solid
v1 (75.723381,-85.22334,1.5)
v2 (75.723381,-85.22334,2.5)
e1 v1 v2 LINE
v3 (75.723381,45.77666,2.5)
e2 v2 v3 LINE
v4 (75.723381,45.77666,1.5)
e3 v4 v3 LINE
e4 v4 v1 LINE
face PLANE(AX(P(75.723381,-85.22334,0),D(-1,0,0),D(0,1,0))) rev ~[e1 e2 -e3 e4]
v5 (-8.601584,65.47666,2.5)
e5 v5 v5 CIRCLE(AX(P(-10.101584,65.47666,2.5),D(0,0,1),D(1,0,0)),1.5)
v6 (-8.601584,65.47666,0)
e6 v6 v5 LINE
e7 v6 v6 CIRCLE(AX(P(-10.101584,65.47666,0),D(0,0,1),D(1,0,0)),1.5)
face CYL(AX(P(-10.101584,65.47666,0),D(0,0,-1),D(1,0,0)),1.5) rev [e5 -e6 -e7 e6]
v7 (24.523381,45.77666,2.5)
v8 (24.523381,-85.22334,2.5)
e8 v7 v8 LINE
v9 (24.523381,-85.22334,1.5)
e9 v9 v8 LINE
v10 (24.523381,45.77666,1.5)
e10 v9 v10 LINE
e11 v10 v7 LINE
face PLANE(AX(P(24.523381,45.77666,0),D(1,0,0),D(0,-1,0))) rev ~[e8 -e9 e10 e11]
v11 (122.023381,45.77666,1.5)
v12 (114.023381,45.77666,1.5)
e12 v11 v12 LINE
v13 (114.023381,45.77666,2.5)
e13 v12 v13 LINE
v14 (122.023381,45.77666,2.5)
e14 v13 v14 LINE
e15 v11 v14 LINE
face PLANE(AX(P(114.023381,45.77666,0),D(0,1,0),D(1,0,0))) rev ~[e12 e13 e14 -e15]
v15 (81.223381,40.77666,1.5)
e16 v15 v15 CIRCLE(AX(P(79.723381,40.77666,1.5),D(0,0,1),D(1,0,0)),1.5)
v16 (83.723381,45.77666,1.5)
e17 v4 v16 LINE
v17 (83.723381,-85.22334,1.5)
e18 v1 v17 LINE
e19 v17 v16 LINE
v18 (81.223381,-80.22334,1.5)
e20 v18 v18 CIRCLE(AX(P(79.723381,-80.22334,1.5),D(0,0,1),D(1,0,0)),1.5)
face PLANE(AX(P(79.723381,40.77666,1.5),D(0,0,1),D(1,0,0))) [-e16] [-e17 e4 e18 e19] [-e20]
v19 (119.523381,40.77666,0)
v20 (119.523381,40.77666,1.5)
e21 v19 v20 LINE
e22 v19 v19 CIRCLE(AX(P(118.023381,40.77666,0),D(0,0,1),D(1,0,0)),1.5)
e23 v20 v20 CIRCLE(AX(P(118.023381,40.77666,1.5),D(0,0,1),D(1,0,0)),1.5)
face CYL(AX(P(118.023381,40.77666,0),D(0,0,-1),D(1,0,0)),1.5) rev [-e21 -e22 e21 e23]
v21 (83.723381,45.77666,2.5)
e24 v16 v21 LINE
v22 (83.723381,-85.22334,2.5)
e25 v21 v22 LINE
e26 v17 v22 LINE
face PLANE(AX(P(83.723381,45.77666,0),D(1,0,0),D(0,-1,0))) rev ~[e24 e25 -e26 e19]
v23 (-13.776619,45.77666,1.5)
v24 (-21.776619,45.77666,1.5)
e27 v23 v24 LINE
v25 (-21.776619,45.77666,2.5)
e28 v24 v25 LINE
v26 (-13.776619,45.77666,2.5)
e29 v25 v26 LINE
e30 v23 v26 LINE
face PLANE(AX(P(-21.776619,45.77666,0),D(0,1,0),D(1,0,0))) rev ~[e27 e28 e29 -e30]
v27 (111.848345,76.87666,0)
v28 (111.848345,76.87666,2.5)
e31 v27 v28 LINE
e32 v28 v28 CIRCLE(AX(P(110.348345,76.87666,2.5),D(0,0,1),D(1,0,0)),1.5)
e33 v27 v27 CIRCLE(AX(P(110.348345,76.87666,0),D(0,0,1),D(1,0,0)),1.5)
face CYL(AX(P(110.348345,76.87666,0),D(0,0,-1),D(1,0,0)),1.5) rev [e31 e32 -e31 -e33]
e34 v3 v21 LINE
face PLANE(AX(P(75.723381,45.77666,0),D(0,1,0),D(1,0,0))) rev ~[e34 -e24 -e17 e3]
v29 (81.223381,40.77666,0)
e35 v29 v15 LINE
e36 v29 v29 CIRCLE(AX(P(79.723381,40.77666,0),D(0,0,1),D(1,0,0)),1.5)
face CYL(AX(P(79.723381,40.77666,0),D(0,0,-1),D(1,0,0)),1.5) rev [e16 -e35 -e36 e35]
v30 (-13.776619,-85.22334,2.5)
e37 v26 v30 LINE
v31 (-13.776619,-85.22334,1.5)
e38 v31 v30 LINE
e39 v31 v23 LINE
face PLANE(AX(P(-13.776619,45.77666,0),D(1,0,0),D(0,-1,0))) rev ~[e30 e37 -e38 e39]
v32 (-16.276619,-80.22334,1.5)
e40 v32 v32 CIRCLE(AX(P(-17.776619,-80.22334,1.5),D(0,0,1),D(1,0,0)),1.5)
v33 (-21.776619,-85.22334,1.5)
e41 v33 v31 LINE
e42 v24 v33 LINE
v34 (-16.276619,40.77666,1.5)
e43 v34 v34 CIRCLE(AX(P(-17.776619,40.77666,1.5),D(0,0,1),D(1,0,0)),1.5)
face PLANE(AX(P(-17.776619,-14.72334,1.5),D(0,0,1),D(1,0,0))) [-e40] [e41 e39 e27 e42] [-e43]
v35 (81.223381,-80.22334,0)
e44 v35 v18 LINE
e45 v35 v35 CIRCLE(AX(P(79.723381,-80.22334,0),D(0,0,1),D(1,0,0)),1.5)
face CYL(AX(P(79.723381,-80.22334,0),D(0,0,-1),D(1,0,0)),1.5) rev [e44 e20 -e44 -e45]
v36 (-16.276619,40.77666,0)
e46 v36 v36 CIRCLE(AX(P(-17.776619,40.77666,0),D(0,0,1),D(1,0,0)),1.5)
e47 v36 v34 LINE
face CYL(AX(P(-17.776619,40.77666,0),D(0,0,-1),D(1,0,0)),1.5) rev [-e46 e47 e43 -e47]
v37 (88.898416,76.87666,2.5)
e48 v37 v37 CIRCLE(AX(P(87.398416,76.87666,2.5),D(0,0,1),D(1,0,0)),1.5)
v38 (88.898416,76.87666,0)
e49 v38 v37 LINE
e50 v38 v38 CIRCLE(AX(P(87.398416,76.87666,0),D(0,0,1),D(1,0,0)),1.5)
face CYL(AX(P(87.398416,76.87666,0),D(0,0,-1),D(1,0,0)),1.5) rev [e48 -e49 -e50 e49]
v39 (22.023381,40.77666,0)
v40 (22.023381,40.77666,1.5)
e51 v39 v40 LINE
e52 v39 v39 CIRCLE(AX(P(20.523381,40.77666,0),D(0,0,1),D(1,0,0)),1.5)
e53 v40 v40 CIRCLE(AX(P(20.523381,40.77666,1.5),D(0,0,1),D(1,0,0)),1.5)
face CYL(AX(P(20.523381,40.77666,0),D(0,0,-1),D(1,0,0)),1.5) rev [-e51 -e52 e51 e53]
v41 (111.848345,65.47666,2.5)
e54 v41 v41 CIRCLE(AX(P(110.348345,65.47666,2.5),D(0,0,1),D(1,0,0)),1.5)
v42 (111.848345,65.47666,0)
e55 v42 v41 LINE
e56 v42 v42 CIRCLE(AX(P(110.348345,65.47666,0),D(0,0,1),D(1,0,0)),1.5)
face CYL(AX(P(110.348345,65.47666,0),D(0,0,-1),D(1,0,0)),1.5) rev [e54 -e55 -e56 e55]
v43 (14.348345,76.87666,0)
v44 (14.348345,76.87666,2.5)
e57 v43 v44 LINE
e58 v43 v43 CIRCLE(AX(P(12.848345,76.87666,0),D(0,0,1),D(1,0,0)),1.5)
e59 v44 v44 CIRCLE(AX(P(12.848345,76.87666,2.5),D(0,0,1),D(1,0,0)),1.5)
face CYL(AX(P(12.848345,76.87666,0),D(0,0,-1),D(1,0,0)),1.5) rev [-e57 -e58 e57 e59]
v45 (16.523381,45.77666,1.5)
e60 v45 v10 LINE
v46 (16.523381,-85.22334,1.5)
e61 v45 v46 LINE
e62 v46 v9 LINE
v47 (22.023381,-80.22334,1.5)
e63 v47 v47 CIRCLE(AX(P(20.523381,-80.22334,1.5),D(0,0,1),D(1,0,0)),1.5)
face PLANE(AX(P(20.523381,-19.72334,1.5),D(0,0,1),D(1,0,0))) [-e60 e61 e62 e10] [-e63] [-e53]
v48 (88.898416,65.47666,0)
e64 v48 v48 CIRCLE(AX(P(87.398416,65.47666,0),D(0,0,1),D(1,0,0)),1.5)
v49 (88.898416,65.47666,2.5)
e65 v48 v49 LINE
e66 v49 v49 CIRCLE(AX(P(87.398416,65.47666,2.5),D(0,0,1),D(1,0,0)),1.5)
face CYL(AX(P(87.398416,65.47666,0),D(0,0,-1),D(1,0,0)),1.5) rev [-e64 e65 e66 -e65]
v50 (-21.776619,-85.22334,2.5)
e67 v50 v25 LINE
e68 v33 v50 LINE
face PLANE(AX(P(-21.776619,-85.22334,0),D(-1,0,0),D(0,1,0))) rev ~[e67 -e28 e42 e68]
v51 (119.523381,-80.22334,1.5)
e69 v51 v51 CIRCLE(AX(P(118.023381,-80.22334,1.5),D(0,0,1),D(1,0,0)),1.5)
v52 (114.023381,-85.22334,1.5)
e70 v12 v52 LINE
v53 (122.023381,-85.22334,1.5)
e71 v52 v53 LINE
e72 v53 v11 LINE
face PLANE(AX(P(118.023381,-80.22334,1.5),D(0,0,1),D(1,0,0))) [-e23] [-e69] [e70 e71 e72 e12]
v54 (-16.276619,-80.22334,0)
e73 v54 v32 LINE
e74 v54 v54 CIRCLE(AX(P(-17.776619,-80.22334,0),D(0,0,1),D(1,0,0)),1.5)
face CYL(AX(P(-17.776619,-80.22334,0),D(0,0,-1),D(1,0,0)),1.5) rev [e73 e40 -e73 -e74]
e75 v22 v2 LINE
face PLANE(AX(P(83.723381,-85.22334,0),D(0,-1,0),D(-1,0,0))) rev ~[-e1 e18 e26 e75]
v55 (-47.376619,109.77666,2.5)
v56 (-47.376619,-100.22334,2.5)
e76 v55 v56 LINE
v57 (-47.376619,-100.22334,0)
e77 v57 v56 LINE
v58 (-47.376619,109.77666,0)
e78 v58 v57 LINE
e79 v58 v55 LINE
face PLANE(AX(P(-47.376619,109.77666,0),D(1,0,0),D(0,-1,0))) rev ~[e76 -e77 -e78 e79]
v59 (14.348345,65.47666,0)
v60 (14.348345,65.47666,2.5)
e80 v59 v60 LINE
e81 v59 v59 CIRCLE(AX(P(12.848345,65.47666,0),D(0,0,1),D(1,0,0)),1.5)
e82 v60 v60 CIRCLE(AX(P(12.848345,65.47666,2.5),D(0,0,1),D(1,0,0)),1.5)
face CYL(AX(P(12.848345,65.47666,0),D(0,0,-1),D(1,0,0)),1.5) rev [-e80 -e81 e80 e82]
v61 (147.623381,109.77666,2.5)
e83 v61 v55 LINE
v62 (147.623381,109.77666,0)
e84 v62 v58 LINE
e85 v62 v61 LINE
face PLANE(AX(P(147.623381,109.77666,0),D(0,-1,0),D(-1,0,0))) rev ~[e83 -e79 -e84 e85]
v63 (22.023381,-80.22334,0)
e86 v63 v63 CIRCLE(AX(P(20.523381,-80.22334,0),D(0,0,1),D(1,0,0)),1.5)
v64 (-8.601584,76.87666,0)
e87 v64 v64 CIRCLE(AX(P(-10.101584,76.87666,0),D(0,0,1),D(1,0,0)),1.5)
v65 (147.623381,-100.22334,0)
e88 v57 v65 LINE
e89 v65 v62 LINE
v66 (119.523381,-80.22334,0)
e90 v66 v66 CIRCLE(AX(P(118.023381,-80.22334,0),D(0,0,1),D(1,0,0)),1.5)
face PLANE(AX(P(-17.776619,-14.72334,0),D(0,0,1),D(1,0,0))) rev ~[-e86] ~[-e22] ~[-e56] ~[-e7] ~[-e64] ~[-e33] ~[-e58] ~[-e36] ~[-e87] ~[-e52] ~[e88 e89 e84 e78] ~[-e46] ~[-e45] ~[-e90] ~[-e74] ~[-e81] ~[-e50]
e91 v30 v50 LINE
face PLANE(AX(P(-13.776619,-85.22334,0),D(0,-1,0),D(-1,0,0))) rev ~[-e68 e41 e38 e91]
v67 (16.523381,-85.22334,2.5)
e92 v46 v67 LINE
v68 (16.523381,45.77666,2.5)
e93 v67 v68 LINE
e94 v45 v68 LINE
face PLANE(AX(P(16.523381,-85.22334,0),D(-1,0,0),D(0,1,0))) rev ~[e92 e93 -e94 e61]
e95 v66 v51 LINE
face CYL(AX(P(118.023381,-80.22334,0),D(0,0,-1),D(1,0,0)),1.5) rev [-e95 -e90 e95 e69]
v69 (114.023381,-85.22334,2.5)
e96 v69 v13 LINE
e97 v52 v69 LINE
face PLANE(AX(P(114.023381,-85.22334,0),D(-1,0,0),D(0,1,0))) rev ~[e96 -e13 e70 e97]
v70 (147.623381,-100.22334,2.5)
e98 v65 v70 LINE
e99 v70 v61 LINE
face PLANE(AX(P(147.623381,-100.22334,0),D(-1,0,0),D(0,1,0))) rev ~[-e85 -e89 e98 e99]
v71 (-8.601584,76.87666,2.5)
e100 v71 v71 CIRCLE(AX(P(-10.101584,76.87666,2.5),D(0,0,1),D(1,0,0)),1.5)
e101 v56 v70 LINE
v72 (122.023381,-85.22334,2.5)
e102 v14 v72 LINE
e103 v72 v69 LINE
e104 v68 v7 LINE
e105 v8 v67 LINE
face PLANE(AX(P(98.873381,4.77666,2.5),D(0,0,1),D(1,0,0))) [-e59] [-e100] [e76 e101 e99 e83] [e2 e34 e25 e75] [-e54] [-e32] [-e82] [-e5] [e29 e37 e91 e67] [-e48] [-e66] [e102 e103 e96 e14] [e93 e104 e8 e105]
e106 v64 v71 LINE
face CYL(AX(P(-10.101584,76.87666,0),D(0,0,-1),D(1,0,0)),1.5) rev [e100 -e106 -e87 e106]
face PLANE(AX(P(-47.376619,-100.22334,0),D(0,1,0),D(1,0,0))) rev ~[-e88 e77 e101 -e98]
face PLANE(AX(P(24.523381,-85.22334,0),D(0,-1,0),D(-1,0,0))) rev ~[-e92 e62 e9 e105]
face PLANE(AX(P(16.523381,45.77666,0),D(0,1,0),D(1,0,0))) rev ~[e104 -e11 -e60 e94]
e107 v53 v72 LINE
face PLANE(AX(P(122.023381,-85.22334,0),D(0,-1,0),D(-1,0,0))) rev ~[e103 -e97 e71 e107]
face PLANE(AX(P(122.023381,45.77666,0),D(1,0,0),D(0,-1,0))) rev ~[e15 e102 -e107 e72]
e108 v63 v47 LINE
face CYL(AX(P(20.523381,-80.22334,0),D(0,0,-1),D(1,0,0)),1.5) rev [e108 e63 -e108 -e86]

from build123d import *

# Parameters (mm, degrees)
F0_R     = 1.5
F1_DEPTH = 2.5
F0_W     = 8
F0_H     = 10
F2_DEPTH = 1.5


with BuildPart() as f1:
    # F0 (on Top) → F1 (new body)
    with BuildSketch(Plane.XY):
        Polygon((84.3733807941, 109.7766603335), (50.1233807941, 109.7766603335), (50.1233807941, -100.2233396665), (71.8733807941, -100.2233396665), (125.8733807941, -100.2233396665), (147.6233807941, -100.2233396665), (147.6233807941, 109.7766603335), (113.3733807941, 109.7766603335), align=None)
        Polygon((83.7233807941, 45.7766603335), (83.7233807941, 35.7766603335), (83.7233807941, -75.2233396665), (83.7233807941, -85.2233396665), (75.7233807941, -85.2233396665), (75.7233807941, -75.2233396665), (75.7233807941, 35.7766603335), (75.7233807941, 45.7766603335), align=None, mode=Mode.SUBTRACT)
        Polygon((114.0233807941, 35.7766603335), (114.0233807941, 45.7766603335), (122.0233807941, 45.7766603335), (122.0233807941, 35.7766603335), (122.0233807941, -75.2233396665), (122.0233807941, -85.2233396665), (114.0233807941, -85.2233396665), (114.0233807941, -75.2233396665), (114.0233807941, -39.2233396665), align=None, mode=Mode.SUBTRACT)
        Polygon((95.8733807941, 81.7233428147), (95.8733807941, 62.7766603335), (101.8733807941, 62.7766603335), (101.8733807941, 81.7233428147), (115.2483451815, 81.7233428147), (115.2483451815, 59.7766603335), (82.4984164067, 59.7766603335), (82.4984164067, 81.7233428147), align=None, mode=Mode.SUBTRACT)
        Polygon((50.1233807941, 109.7766603335), (15.8733807941, 109.7766603335), (-13.1266192059, 109.7766603335), (-47.3766192059, 109.7766603335), (-47.3766192059, -100.2233396665), (-25.6266192059, -100.2233396665), (28.3733807941, -100.2233396665), (50.1233807941, -100.2233396665), align=None)
        Polygon((-13.7766192059, -39.2233396665), (-13.7766192059, -75.2233396665), (-13.7766192059, -85.2233396665), (-21.7766192059, -85.2233396665), (-21.7766192059, -75.2233396665), (-21.7766192059, 35.7766603335), (-21.7766192059, 45.7766603335), (-13.7766192059, 45.7766603335), (-13.7766192059, 35.7766603335), align=None, mode=Mode.SUBTRACT)
        Polygon((16.5233807941, -75.2233396665), (16.5233807941, 35.7766603335), (16.5233807941, 45.7766603335), (24.5233807941, 45.7766603335), (24.5233807941, 35.7766603335), (24.5233807941, -75.2233396665), (24.5233807941, -85.2233396665), (16.5233807941, -85.2233396665), align=None, mode=Mode.SUBTRACT)
        Polygon((-15.0015835933, 59.7766603335), (-15.0015835933, 81.7233428147), (-1.6266192059, 81.7233428147), (-1.6266192059, 62.7766603335), (4.3733807941, 62.7766603335), (4.3733807941, 81.7233428147), (17.7483451815, 81.7233428147), (17.7483451815, 59.7766603335), align=None, mode=Mode.SUBTRACT)
        Polygon((-1.6266192059, 81.7233428147), (-15.0015835933, 81.7233428147), (-15.0015835933, 59.7766603335), (17.7483451815, 59.7766603335), (17.7483451815, 81.7233428147), (4.3733807941, 81.7233428147), (4.3733807941, 62.7766603335), (-1.6266192059, 62.7766603335), align=None)
        with Locations((-10.1015835933, 65.4766603335)):
            Circle(F0_R, mode=Mode.SUBTRACT)
        with Locations((-10.1015835933, 76.8766603335)):
            Circle(F0_R, mode=Mode.SUBTRACT)
        with Locations((12.8483451815, 65.4766603335)):
            Circle(F0_R, mode=Mode.SUBTRACT)
        with Locations((12.8483451815, 76.8766603335)):
            Circle(F0_R, mode=Mode.SUBTRACT)
        Polygon((101.8733807941, 62.7766603335), (95.8733807941, 62.7766603335), (95.8733807941, 81.7233428147), (82.4984164067, 81.7233428147), (82.4984164067, 59.7766603335), (115.2483451815, 59.7766603335), (115.2483451815, 81.7233428147), (101.8733807941, 81.7233428147), align=None)
        with Locations((87.3984164067, 65.4766603335)):
            Circle(F0_R, mode=Mode.SUBTRACT)
        with Locations((87.3984164067, 76.8766603335)):
            Circle(F0_R, mode=Mode.SUBTRACT)
        with Locations((110.3483451815, 65.4766603335)):
            Circle(F0_R, mode=Mode.SUBTRACT)
        with Locations((110.3483451815, 76.8766603335)):
            Circle(F0_R, mode=Mode.SUBTRACT)
    extrude(amount=F1_DEPTH)

    # F0 (on Top) → F2 (join)
    with BuildSketch(Plane.XY):
        Polygon((-20.6266192059, -75.2233396665), (-13.7766192059, -75.2233396665), (-13.7766192059, -39.2233396665), (-13.7766192059, 35.7766603335), (-13.7766192059, 45.7766603335), (-21.7766192059, 45.7766603335), (-21.7766192059, 35.7766603335), (-21.7766192059, -75.2233396665), align=None)
        with Locations((-17.7766192059, 40.7766603335)):
            Circle(F0_R, mode=Mode.SUBTRACT)
        Polygon((-13.7766192059, -85.2233396665), (-13.7766192059, -75.2233396665), (-20.6266192059, -75.2233396665), (-21.7766192059, -75.2233396665), (-21.7766192059, -85.2233396665), align=None)
        with Locations((-17.7766192059, -80.2233396665)):
            Circle(F0_R, mode=Mode.SUBTRACT)
        Polygon((24.5233807941, 35.7766603335), (16.5233807941, 35.7766603335), (16.5233807941, -75.2233396665), (23.3733807941, -75.2233396665), (24.5233807941, -75.2233396665), align=None)
        Polygon((23.3733807941, -75.2233396665), (16.5233807941, -75.2233396665), (16.5233807941, -85.2233396665), (24.5233807941, -85.2233396665), (24.5233807941, -75.2233396665), align=None)
        with Locations((20.5233807941, -80.2233396665)):
            Circle(F0_R, mode=Mode.SUBTRACT)
        with Locations((20.5233807941, 40.7766603335)):
            Rectangle(F0_W, F0_H)
        with Locations((20.5233807941, 40.7766603335)):
            Circle(F0_R, mode=Mode.SUBTRACT)
        with Locations((79.7233807941, 40.7766603335)):
            Rectangle(F0_W, F0_H)
        with Locations((79.7233807941, 40.7766603335)):
            Circle(F0_R, mode=Mode.SUBTRACT)
        Polygon((83.7233807941, -75.2233396665), (83.7233807941, 35.7766603335), (75.7233807941, 35.7766603335), (75.7233807941, -75.2233396665), (76.8733807941, -75.2233396665), align=None)
        Polygon((83.7233807941, -85.2233396665), (83.7233807941, -75.2233396665), (76.8733807941, -75.2233396665), (75.7233807941, -75.2233396665), (75.7233807941, -85.2233396665), align=None)
        with Locations((79.7233807941, -80.2233396665)):
            Circle(F0_R, mode=Mode.SUBTRACT)
        Polygon((122.0233807941, -85.2233396665), (122.0233807941, -75.2233396665), (120.8733807941, -75.2233396665), (114.0233807941, -75.2233396665), (114.0233807941, -85.2233396665), align=None)
        with Locations((118.0233807941, -80.2233396665)):
            Circle(F0_R, mode=Mode.SUBTRACT)
        Polygon((122.0233807941, 45.7766603335), (114.0233807941, 45.7766603335), (114.0233807941, 35.7766603335), (114.0233807941, -39.2233396665), (114.0233807941, -75.2233396665), (120.8733807941, -75.2233396665), (122.0233807941, -75.2233396665), (122.0233807941, 35.7766603335), align=None)
        with Locations((118.0233807941, 40.7766603335)):
            Circle(F0_R, mode=Mode.SUBTRACT)
    extrude(amount=F2_DEPTH)


solid = f1.part
